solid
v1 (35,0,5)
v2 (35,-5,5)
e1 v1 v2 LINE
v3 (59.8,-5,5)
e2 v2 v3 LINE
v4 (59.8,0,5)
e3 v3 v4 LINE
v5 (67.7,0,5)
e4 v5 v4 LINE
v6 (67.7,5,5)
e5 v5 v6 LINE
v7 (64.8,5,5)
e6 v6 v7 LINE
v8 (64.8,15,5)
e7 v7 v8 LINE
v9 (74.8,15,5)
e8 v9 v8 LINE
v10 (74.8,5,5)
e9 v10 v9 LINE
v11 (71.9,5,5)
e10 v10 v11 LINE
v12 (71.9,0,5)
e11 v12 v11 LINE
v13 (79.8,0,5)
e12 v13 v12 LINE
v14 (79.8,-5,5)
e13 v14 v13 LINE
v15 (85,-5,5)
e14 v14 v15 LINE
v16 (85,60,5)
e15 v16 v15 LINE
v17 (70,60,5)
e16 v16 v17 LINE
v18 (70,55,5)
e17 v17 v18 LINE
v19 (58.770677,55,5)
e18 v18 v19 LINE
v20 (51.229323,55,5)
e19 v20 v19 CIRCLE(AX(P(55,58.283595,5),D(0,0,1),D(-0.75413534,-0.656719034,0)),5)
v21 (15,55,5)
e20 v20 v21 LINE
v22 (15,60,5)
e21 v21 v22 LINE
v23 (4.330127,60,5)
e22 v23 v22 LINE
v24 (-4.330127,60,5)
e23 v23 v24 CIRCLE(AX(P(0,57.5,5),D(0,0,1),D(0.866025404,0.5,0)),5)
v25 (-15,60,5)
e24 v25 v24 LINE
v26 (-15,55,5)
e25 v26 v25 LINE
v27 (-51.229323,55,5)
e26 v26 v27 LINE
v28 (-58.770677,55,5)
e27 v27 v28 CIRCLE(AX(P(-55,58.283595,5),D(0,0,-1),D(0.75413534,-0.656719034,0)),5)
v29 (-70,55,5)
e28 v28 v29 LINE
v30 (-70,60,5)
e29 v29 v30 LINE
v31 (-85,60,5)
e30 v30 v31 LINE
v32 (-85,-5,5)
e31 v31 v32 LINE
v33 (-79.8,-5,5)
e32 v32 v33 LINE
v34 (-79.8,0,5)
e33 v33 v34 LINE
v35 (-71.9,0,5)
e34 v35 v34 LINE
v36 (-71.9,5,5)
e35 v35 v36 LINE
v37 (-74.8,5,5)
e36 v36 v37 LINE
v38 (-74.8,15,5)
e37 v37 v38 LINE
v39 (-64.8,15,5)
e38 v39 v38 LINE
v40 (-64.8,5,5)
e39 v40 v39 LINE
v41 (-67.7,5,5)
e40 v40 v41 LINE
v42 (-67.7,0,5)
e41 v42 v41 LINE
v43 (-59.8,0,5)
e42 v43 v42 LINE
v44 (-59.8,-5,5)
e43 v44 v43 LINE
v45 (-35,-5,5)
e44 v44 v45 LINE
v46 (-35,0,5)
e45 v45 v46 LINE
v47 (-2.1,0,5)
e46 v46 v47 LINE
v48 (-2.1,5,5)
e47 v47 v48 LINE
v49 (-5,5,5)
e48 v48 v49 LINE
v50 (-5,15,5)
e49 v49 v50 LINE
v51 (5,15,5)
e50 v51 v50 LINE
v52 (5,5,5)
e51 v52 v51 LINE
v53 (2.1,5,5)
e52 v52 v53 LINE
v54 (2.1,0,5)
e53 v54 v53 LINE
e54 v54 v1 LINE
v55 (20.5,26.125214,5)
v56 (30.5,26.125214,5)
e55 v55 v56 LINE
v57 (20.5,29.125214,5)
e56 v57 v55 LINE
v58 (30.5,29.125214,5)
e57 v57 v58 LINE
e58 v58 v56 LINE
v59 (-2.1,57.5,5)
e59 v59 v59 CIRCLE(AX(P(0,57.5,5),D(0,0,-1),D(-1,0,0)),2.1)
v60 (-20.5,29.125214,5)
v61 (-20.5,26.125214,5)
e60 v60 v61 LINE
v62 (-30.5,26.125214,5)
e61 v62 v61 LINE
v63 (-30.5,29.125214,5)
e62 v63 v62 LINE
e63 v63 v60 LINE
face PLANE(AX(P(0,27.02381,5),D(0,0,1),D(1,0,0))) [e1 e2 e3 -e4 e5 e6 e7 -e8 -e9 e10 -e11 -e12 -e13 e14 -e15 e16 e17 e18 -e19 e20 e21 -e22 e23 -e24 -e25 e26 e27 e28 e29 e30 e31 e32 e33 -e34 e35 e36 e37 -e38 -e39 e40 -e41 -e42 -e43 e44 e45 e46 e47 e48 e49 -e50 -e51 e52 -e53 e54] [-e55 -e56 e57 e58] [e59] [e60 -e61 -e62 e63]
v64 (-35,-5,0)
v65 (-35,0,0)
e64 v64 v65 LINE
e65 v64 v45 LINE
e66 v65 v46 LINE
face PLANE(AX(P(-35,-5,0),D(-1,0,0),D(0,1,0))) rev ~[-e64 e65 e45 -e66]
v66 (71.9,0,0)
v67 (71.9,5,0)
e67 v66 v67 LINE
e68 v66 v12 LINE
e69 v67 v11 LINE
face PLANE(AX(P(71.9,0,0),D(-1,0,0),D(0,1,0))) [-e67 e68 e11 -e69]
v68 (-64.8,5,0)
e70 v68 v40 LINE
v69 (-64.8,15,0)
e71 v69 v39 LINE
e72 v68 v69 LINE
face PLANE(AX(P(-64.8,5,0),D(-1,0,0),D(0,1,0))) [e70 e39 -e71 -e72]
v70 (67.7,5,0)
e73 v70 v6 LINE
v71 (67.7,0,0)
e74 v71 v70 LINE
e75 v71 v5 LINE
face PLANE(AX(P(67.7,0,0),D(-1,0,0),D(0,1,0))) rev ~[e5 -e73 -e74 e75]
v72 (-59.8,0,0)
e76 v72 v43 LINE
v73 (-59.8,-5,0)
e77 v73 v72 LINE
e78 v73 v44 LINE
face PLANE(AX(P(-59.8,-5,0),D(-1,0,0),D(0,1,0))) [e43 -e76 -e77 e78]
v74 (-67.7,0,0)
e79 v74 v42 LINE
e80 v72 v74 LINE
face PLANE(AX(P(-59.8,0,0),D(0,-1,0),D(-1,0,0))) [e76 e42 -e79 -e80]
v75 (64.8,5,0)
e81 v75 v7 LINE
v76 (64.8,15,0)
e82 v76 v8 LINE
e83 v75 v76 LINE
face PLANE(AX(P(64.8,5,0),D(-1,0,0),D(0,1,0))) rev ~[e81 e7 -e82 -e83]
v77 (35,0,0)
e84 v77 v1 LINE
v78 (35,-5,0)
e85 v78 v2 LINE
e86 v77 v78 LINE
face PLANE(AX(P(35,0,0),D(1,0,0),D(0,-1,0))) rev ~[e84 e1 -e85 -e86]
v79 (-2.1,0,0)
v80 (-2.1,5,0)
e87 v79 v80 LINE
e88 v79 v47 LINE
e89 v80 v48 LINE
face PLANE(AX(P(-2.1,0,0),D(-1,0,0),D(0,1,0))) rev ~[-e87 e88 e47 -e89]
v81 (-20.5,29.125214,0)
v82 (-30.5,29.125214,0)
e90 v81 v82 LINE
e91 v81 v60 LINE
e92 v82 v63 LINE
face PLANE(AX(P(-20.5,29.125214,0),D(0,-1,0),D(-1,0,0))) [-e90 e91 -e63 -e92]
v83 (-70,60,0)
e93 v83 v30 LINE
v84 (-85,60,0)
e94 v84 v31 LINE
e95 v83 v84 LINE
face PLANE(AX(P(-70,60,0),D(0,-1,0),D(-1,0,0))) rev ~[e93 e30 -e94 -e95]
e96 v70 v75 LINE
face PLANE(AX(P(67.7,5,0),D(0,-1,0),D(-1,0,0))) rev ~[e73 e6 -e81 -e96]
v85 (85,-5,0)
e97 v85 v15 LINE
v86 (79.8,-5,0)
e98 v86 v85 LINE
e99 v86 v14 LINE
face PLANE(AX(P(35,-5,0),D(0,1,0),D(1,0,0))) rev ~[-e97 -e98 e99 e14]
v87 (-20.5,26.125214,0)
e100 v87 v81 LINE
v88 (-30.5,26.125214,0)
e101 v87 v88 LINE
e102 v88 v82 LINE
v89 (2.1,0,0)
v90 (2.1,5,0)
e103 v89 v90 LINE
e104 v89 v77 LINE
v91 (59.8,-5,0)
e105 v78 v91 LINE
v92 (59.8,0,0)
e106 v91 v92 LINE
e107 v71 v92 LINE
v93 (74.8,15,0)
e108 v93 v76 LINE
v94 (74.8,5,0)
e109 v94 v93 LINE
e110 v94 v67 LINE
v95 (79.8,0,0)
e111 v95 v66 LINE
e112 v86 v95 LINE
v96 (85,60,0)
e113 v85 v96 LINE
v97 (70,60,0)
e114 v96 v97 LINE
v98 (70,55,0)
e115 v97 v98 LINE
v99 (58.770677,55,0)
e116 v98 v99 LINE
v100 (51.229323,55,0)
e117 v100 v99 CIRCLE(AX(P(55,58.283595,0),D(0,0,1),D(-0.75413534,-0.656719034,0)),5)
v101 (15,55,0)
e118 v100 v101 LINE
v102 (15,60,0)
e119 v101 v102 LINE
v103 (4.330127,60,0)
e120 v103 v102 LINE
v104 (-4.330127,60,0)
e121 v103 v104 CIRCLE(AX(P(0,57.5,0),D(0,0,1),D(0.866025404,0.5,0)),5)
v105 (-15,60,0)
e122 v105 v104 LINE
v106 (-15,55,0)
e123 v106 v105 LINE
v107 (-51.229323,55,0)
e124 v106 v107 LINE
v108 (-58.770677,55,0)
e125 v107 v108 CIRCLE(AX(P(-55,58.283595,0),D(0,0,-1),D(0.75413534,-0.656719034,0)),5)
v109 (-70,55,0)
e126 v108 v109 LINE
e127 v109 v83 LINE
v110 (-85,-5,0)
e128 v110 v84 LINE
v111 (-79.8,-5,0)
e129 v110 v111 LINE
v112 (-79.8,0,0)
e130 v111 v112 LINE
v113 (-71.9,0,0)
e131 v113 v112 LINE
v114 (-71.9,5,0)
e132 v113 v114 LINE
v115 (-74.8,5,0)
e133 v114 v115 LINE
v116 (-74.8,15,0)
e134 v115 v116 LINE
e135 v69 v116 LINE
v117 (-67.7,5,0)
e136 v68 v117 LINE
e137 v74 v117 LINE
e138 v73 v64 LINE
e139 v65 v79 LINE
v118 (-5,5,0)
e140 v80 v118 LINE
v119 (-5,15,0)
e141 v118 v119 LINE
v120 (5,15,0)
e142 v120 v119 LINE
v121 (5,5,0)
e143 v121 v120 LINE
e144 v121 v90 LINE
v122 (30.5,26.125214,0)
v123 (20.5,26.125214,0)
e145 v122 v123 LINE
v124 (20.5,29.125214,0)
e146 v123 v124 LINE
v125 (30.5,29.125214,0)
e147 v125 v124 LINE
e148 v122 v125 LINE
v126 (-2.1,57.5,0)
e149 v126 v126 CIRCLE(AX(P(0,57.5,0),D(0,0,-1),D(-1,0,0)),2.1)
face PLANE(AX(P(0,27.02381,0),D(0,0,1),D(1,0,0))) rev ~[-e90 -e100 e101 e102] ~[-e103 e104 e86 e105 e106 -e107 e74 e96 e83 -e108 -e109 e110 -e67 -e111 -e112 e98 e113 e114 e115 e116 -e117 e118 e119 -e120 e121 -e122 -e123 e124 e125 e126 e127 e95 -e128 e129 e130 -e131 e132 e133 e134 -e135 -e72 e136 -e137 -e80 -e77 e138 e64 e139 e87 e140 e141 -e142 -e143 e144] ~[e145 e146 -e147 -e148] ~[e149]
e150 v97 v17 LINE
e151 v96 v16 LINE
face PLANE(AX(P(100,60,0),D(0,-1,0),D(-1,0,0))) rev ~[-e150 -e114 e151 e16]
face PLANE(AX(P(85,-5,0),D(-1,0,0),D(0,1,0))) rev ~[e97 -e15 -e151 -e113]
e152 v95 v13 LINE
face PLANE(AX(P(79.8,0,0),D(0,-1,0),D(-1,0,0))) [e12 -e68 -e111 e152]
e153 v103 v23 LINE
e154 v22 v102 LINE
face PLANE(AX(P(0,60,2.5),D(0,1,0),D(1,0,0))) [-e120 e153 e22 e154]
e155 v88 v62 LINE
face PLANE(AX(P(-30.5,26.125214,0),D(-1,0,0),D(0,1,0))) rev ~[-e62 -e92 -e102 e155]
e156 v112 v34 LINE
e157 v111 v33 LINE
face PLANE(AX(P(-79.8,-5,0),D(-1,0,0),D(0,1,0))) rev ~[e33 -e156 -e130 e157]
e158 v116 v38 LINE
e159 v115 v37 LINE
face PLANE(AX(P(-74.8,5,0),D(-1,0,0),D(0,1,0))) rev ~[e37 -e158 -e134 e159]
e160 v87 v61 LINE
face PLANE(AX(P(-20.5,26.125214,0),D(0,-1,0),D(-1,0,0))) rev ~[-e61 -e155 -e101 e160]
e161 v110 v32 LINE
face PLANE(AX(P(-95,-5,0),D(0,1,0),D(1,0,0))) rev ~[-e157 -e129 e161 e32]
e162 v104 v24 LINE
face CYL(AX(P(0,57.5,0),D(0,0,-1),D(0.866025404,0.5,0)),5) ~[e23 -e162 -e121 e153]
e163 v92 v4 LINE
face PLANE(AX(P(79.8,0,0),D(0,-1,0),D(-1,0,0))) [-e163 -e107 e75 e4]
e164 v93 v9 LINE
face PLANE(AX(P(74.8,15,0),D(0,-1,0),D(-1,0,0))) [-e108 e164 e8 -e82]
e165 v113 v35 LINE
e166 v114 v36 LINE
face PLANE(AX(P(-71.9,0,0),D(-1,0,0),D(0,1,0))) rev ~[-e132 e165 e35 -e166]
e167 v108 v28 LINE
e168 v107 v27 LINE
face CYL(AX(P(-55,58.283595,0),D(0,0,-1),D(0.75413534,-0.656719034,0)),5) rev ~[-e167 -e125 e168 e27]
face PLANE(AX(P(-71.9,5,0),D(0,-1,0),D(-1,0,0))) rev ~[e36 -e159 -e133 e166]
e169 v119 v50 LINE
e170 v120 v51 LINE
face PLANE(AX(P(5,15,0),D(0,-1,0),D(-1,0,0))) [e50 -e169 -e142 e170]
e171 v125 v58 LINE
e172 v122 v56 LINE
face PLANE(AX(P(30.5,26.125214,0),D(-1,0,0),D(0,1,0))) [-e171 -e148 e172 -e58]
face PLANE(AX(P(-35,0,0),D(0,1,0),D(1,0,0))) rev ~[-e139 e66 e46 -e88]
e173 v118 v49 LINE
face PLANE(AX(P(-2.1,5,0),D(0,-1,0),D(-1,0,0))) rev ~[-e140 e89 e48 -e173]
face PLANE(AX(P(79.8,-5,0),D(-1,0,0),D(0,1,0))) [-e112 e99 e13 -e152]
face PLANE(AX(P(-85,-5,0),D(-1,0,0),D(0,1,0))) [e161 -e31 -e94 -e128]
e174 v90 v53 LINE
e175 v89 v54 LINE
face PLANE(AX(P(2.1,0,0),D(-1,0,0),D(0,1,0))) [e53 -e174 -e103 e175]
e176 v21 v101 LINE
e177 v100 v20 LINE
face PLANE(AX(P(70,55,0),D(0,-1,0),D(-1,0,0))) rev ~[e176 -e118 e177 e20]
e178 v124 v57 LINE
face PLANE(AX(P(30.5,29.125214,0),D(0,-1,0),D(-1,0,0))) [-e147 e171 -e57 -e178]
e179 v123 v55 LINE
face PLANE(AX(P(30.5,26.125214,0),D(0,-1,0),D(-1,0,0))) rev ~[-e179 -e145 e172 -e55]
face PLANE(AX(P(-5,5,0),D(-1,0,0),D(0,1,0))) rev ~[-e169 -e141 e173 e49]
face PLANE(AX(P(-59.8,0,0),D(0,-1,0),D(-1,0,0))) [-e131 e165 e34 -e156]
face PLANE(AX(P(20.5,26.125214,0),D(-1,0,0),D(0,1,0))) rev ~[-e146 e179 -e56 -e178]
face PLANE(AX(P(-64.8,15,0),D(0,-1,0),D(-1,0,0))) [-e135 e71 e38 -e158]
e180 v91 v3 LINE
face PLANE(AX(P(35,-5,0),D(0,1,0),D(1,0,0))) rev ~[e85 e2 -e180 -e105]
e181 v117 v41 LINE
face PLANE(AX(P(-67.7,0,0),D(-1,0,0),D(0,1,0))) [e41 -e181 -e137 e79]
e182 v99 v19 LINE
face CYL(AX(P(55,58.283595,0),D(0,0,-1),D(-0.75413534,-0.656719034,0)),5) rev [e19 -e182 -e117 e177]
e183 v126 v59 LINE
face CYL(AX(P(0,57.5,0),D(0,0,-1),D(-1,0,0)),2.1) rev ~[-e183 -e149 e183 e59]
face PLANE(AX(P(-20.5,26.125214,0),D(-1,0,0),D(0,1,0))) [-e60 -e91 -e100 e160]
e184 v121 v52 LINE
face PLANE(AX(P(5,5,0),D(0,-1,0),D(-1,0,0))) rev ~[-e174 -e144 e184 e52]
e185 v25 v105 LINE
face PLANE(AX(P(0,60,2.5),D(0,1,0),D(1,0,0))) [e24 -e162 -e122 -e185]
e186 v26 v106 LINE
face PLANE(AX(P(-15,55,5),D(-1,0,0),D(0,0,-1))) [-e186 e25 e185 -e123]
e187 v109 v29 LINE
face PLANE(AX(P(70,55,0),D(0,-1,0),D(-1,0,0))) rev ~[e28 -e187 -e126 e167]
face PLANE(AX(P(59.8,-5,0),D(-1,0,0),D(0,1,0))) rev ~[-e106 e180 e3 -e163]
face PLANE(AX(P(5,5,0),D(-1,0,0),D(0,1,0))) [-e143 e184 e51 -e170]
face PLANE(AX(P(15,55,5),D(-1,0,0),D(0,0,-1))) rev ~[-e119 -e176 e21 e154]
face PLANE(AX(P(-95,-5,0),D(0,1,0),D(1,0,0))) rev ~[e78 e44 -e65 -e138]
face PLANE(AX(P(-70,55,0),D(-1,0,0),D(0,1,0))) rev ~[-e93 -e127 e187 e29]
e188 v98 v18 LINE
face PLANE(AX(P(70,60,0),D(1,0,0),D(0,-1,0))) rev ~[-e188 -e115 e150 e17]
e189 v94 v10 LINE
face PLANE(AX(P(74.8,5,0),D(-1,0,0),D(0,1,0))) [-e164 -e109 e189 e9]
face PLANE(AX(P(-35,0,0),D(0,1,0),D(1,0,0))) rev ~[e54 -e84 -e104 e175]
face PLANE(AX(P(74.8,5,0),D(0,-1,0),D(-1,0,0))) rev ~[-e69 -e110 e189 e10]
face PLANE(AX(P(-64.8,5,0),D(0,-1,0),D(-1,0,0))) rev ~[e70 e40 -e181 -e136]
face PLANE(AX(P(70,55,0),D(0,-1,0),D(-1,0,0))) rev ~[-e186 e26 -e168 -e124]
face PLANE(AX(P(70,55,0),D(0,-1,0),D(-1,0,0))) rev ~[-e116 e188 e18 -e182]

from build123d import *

# Parameters (mm, degrees)
BOSS_EXTRUDE1_DEPTH = 5
SKETCH2_W           = 35
SKETCH2_H           = 65
CUT_EXTRUDE1_DEPTH  = 10
CUT_EXTRUDE2_DEPTH  = 5
SKETCH4_W           = 30
SKETCH4_H           = 5
BOSS_EXTRUDE2_DEPTH = 5
SKETCH5_W           = 20
SKETCH5_H           = 5
CUT_EXTRUDE3_DEPTH  = 5
SKETCH6_R           = 2.1
CUT_EXTRUDE4_DEPTH  = 5
BOSS_EXTRUDE3_DEPTH = 5
SKETCH8_W           = 4.2
SKETCH8_H           = 5
SKETCH8_W_2         = 10
SKETCH8_H_2         = 10
CUT_EXTRUDE5_DEPTH  = 5
SKETCH9_W           = 10
SKETCH9_H           = 3
CUT_EXTRUDE6_DEPTH  = 10


with BuildPart() as part:
    # Sketch1 → Boss-Extrude1 (new body)
    with BuildSketch(Plane.XY):
        Polygon((95, -5), (95, 0), (115, 0), (115, 15), (120, 15), (120, 40), (115, 40), (115, 55), (100, 55), (100, 60), (70, 60), (70, 55), (-70, 55), (-70, 60), (-100, 60), (-100, 55), (-115, 55), (-115, 40), (-120, 40), (-120, 15), (-115, 15), (-115, 0), (-95, 0), (-95, -5), (-35, -5), (-35, 0), (35, 0), (35, -5), align=None)
    extrude(amount=BOSS_EXTRUDE1_DEPTH)

    # Sketch2 → Cut-Extrude1 (cut)
    with BuildSketch(Plane(origin=(0, 0, 0), x_dir=(-1, 0, 0), z_dir=(0, 0, -1))):
        with Locations((102.5, 27.5)):
            Rectangle(SKETCH2_W, SKETCH2_H)
        with Locations((-102.5, 27.5)):
            Rectangle(SKETCH2_W, SKETCH2_H)
    extrude(amount=-CUT_EXTRUDE1_DEPTH, mode=Mode.SUBTRACT)

    # Sketch3 → Cut-Extrude2 (cut)
    with BuildSketch(Plane(origin=(0, 0, 0), x_dir=(-1, 0, 0), z_dir=(0, 0, -1))):
        with BuildLine():
            Line((58.770676698, 55), (51.229323302, 55))
            ThreePointArc((51.229323302, 55), (55, 53.28359517), (58.770676698, 55))
        make_face()
        with BuildLine():
            Line((-58.770676698, 55), (-51.229323302, 55))
            ThreePointArc((-51.229323302, 55), (-55, 53.28359517), (-58.770676698, 55))
        make_face()
    extrude(amount=-CUT_EXTRUDE2_DEPTH, mode=Mode.SUBTRACT)

    # Sketch4 → Boss-Extrude2 (add)
    with BuildSketch(Plane(origin=(0, 55, 0), x_dir=(1, 0, 0), z_dir=(0, 1, 0))):
        with Locations((0, -2.5)):
            Rectangle(SKETCH4_W, SKETCH4_H)
    extrude(amount=BOSS_EXTRUDE2_DEPTH)

    # Sketch5 → Cut-Extrude3 (cut)
    with BuildSketch(Plane(origin=(0, 0, 0), x_dir=(-1, 0, 0), z_dir=(0, 0, -1))):
        with Locations((-69.8, -2.5)):
            Rectangle(SKETCH5_W, SKETCH5_H)
        with Locations((69.8, -2.5)):
            Rectangle(SKETCH5_W, SKETCH5_H)
    extrude(amount=-CUT_EXTRUDE3_DEPTH, mode=Mode.SUBTRACT)

    # Sketch6 → Cut-Extrude4 (cut)
    with BuildSketch(Plane(origin=(0, 0, 0), x_dir=(-1, 0, 0), z_dir=(0, 0, -1))):
        with Locations((0, 57.5)):
            Circle(SKETCH6_R)
    extrude(amount=-CUT_EXTRUDE4_DEPTH, mode=Mode.SUBTRACT)

    # Sketch7 → Boss-Extrude3 (add)
    with BuildSketch(Plane(origin=(0, 0, 0), x_dir=(-1, 0, 0), z_dir=(0, 0, -1))):
        with BuildLine():
            Line((4.330127019, 60), (-4.330127019, 60))
            ThreePointArc((-4.330127019, 60), (0, 62.5), (4.330127019, 60))
        make_face()
    extrude(amount=-BOSS_EXTRUDE3_DEPTH)

    # Sketch8 → Cut-Extrude5 (cut)
    with BuildSketch(Plane(origin=(0, 0, 0), x_dir=(-1, 0, 0), z_dir=(0, 0, -1))):
        with Locations((69.8, 2.5)):
            Rectangle(SKETCH8_W, SKETCH8_H)
        with Locations((69.8, 10)):
            Rectangle(SKETCH8_W_2, SKETCH8_H_2)
        with Locations((-69.8, 10)):
            Rectangle(SKETCH8_W_2, SKETCH8_H_2)
        with Locations((-69.8, 2.5)):
            Rectangle(SKETCH8_W, SKETCH8_H)
        with Locations((0, 2.5)):
            Rectangle(SKETCH8_W, SKETCH8_H)
        with Locations((0, 10)):
            Rectangle(SKETCH8_W_2, SKETCH8_H_2)
    extrude(amount=-CUT_EXTRUDE5_DEPTH, mode=Mode.SUBTRACT)

    # Sketch9 → Cut-Extrude6 (cut)
    with BuildSketch(Plane(origin=(0, 0, 0), x_dir=(-1, 0, 0), z_dir=(0, 0, -1))):
        with Locations((-25.5, 27.625214192)):
            Rectangle(SKETCH9_W, SKETCH9_H)
        with Locations((25.5, 27.625214192)):
            Rectangle(SKETCH9_W, SKETCH9_H)
    extrude(amount=-CUT_EXTRUDE6_DEPTH, mode=Mode.SUBTRACT)


solid = part.part
